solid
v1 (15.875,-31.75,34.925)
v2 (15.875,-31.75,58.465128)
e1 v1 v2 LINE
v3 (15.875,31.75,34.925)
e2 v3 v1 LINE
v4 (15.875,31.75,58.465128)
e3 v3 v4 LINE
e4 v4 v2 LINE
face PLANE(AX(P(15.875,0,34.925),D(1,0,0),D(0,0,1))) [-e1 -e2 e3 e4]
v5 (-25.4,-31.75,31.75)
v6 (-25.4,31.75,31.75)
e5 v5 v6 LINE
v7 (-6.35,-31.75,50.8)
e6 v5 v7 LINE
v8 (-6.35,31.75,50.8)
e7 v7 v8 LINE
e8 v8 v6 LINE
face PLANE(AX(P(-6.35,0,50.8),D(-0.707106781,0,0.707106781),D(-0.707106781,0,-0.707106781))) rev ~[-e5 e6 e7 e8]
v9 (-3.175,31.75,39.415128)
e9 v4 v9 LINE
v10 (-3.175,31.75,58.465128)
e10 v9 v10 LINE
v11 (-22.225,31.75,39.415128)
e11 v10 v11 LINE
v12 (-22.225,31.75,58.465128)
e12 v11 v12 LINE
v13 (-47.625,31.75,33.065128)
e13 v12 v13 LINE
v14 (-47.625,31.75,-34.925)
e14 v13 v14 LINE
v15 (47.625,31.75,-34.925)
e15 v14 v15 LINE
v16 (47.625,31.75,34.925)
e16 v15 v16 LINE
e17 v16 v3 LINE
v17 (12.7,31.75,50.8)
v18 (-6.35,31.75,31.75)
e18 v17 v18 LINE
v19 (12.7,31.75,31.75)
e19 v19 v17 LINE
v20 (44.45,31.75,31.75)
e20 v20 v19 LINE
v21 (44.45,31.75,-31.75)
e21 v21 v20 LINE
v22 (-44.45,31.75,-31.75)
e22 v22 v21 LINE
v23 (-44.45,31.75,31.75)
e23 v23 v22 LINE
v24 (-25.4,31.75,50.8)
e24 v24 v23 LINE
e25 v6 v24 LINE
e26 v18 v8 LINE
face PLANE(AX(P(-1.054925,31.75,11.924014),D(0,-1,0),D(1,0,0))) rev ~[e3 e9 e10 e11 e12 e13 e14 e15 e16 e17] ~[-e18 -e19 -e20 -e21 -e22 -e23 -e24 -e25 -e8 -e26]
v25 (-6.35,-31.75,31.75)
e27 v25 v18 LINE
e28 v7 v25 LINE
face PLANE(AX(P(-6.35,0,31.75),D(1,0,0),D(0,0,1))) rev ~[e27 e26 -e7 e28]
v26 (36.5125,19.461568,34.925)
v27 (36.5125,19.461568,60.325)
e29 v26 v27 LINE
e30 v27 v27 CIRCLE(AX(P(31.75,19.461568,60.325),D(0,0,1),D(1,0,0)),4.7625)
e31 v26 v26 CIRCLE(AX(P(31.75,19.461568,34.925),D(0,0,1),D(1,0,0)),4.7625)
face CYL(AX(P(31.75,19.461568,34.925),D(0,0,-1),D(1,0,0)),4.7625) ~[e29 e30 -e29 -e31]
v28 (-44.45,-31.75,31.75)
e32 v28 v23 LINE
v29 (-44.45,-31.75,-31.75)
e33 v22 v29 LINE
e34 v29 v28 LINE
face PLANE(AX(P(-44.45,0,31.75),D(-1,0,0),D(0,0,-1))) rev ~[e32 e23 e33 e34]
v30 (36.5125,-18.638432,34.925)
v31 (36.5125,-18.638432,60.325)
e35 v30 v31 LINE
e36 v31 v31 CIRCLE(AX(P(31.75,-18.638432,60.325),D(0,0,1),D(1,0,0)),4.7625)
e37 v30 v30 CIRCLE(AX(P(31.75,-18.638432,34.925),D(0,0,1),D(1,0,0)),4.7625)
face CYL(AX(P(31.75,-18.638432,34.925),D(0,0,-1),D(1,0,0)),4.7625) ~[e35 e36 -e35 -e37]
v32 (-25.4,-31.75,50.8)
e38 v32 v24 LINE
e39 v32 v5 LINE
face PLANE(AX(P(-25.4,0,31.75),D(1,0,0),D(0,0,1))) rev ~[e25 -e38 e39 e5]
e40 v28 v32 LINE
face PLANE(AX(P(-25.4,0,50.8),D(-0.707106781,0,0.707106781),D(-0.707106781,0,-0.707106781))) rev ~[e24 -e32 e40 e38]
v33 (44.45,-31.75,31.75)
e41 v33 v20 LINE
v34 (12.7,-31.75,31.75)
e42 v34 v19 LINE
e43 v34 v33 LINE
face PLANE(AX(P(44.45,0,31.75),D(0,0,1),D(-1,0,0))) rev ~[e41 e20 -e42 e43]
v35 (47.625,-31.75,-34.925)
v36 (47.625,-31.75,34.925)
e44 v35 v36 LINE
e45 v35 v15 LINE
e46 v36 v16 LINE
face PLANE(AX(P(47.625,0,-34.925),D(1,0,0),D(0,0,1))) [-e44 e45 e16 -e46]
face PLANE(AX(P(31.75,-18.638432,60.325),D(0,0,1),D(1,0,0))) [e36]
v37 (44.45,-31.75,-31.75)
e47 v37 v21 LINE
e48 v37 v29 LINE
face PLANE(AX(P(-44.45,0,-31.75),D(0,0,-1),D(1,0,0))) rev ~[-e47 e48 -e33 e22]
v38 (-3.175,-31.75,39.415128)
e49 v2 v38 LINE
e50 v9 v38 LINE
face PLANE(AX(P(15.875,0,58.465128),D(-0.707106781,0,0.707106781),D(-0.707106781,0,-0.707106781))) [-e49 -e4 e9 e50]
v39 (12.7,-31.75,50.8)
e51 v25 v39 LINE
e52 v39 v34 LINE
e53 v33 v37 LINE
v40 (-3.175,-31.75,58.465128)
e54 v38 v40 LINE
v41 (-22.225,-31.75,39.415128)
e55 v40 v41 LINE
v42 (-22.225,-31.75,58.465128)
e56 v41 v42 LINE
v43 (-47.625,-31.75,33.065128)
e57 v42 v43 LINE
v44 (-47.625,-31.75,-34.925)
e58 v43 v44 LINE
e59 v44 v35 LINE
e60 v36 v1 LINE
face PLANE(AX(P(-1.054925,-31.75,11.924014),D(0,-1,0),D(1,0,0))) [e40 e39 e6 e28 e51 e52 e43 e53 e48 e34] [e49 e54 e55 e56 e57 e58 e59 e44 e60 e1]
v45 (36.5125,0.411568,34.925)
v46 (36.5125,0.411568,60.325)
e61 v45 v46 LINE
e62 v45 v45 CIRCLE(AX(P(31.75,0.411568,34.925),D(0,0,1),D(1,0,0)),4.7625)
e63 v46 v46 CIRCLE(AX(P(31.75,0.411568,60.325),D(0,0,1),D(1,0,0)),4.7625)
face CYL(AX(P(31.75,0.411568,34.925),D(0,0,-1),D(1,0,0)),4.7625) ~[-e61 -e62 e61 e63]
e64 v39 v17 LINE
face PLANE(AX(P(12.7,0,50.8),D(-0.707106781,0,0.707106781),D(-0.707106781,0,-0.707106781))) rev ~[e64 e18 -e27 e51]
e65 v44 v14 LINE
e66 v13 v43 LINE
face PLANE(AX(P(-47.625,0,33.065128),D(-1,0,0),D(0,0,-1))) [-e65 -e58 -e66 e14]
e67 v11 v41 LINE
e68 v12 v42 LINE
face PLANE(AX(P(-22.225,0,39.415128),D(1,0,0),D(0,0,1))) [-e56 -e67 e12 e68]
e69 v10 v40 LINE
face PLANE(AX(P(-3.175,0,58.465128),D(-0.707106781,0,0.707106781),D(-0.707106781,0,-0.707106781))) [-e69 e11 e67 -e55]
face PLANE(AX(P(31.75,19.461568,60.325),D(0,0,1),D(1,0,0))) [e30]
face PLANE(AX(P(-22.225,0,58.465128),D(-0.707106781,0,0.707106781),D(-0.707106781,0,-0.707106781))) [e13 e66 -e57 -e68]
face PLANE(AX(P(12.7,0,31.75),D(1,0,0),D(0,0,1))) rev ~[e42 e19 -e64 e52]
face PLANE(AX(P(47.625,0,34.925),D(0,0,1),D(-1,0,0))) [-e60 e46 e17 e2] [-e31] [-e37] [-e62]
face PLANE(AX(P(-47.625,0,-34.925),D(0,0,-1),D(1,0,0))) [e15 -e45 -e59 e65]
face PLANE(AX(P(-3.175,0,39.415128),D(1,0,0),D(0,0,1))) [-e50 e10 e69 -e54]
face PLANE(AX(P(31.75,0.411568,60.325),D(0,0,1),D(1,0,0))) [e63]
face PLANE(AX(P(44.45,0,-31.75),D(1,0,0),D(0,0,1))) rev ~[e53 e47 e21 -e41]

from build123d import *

# Parameters (mm, degrees)
F2_DEPTH      = 31.75
F2_DEPTH_BACK = 31.75
F3_DEPTH      = 64.516
F3_DEPTH_BACK = 80.518
F4_R          = 4.7625
F5_DEPTH      = 25.4


with BuildPart() as f2:
    # F1 (on Front) → F2 (new body, two sides)
    with BuildSketch(Plane.XZ) as f2_sk:
        Polygon((47.625, 34.925), (15.875, 34.925), (15.875, 58.4651280605), (-3.175, 39.4151280605), (-3.175, 58.4651280605), (-22.225, 39.4151280605), (-22.225, 58.4651280605), (-47.625, 33.0651280605), (-47.625, -34.925), (47.625, -34.925), align=None)
    extrude(amount=F2_DEPTH)
    extrude(f2_sk.sketch, amount=-F2_DEPTH_BACK)

    # F0 (on Front) → F3 (cut, two sides)
    with BuildSketch(Plane.XZ) as f3_sk:
        Polygon((-44.45, -31.75), (44.45, -31.75), (44.45, 31.75), (12.7, 31.75), (12.7, 50.8), (-6.35, 31.75), (-6.35, 50.8), (-25.4, 31.75), (-25.4, 50.8), (-44.45, 31.75), align=None)
    extrude(amount=-F3_DEPTH, mode=Mode.SUBTRACT)
    extrude(f3_sk.sketch, amount=F3_DEPTH_BACK, mode=Mode.SUBTRACT)

    # F4 (on face) → F5 (join)
    with BuildSketch(Plane.XY.offset(34.925)):
        with Locations((31.75, 19.461568445)):
            Circle(F4_R)
        with Locations((31.75, 0.411568445)):
            Circle(F4_R)
        with Locations((31.75, -18.638431555)):
            Circle(F4_R)
    extrude(amount=F5_DEPTH)


solid = f2.part
